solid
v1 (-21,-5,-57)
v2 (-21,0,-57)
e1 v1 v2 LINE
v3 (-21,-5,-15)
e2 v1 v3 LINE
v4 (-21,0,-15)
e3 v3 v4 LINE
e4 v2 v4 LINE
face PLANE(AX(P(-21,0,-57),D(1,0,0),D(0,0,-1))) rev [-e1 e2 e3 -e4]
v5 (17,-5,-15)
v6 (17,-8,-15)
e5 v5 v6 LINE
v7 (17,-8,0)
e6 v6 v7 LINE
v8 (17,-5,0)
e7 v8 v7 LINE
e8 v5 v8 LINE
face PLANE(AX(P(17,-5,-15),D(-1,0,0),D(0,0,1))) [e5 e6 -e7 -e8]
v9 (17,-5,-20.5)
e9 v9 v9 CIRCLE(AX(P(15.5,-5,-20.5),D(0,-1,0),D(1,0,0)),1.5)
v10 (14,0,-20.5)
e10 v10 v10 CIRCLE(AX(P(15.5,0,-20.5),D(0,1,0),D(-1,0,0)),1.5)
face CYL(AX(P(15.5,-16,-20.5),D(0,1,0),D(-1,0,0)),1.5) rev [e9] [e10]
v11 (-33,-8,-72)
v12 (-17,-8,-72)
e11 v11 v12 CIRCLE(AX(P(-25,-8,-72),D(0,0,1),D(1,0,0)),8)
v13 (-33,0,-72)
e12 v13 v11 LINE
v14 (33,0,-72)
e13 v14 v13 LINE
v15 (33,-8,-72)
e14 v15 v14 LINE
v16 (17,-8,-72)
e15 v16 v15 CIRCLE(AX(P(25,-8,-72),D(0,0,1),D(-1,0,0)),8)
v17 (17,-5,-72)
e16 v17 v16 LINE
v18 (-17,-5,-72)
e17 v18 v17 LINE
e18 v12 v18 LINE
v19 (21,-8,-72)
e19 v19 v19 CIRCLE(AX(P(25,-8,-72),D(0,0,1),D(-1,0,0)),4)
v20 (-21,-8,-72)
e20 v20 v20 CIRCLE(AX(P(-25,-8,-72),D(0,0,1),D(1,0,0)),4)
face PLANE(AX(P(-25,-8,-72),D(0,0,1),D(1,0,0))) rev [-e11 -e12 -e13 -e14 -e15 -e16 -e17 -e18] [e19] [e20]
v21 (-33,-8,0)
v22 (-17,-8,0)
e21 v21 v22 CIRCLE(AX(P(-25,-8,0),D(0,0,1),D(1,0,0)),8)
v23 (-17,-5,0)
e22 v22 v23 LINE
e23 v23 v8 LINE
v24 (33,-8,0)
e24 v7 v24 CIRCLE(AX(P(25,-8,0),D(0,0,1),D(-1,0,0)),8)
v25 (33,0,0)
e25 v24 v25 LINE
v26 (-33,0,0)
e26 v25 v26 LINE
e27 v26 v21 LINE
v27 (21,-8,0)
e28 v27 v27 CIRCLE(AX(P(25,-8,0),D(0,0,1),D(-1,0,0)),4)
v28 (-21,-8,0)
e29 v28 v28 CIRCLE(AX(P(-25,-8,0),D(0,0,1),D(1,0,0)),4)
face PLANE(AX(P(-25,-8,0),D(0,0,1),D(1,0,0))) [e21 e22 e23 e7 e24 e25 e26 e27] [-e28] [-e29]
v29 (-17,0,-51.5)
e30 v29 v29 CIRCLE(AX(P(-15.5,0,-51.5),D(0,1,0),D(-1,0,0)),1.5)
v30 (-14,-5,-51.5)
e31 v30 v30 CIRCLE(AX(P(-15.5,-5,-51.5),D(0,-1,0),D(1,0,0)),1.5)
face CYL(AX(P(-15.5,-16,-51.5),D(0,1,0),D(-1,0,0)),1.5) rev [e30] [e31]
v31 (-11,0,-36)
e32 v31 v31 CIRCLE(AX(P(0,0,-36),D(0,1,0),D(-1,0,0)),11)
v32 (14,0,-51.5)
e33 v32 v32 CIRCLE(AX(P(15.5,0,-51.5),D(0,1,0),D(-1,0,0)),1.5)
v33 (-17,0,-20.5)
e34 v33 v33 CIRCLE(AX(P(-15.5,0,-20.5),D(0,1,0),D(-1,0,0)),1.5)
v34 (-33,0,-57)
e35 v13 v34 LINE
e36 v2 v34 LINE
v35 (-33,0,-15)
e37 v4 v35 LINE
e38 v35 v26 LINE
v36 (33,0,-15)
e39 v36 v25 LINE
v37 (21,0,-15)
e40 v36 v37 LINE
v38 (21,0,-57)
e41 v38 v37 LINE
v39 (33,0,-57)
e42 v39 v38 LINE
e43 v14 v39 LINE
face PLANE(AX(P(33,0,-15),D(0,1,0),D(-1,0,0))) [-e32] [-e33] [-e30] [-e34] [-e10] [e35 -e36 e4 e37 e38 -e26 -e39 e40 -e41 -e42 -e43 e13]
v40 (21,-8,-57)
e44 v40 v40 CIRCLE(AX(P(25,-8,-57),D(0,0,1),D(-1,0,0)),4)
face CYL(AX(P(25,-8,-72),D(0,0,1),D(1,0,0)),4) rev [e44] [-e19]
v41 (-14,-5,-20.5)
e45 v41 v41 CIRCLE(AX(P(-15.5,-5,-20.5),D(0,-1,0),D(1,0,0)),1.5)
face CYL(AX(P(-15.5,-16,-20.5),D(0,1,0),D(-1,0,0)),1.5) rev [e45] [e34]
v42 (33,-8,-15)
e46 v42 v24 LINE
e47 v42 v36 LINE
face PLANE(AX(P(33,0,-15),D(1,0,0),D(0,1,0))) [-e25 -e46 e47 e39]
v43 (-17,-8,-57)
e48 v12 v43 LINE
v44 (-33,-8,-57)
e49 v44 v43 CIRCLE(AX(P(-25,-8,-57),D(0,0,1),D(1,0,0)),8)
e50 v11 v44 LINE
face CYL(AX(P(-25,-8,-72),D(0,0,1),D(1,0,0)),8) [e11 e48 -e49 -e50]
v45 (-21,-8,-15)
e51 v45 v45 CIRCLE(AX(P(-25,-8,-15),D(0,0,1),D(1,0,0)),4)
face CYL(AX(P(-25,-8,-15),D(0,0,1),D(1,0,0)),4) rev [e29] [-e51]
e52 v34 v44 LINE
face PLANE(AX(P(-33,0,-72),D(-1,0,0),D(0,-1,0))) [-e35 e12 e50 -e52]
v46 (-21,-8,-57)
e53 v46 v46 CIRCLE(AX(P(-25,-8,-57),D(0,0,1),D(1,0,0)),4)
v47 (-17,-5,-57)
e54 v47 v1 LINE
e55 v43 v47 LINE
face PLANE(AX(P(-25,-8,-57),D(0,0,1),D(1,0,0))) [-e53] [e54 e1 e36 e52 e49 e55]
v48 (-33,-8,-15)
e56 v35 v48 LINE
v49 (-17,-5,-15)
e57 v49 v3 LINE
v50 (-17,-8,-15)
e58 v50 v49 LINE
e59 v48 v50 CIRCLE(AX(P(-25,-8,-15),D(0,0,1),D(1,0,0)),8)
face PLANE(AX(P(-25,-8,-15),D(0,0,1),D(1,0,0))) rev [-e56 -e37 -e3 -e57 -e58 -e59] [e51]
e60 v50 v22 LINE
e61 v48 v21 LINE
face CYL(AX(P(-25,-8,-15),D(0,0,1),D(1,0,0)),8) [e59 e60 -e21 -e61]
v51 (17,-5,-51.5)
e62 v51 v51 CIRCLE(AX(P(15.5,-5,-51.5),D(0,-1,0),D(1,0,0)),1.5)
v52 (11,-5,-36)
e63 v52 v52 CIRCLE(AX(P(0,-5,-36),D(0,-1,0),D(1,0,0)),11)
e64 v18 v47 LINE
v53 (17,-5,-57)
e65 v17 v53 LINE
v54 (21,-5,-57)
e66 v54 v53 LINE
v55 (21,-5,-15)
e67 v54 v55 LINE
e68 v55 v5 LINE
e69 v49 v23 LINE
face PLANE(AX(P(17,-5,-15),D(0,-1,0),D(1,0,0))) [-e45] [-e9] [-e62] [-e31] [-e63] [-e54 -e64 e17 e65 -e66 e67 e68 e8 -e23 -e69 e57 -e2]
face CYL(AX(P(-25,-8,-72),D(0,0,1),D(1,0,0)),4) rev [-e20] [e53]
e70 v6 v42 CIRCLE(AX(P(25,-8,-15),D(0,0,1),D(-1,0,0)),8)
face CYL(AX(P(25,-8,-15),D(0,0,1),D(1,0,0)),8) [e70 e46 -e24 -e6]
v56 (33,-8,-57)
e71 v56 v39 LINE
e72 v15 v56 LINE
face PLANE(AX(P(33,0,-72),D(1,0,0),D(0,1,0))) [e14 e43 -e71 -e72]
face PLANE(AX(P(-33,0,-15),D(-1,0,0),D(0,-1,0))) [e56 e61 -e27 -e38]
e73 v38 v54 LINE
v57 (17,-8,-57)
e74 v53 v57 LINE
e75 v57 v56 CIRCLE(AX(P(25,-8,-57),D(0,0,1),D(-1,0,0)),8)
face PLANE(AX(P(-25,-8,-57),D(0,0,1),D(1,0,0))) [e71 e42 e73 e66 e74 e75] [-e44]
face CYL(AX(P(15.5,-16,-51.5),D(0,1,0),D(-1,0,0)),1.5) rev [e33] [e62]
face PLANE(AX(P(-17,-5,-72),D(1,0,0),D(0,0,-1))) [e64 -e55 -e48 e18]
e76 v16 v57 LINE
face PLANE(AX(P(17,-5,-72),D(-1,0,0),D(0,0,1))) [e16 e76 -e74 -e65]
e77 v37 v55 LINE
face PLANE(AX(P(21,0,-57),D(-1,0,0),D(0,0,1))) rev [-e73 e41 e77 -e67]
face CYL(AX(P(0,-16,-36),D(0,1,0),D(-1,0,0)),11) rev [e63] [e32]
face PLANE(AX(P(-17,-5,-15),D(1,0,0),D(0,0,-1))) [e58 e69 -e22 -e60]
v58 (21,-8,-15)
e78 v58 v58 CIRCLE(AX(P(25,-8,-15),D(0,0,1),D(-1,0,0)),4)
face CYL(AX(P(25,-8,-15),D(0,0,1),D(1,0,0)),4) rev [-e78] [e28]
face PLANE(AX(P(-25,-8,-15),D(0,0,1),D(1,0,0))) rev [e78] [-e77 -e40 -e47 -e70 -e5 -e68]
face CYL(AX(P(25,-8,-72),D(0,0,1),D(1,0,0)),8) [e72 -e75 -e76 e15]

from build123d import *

# Parameters (mm, degrees)
SKETCH1_R           = 4
BOSS_EXTRUDE1_DEPTH = 15
SKETCH2_W           = 42
SKETCH2_H           = 5
BOSS_EXTRUDE2_DEPTH = 42
BOSS_EXTRUDE3_START = -57
SKETCH1_2_R         = 4
BOSS_EXTRUDE3_DEPTH = 15
SKETCH3_R           = 1.5
SKETCH3_R_2         = 11
CUT_EXTRUDE1_DEPTH  = 81.802227692


with BuildPart() as part:
    # Sketch1 → Boss-Extrude1 (new body)
    with BuildSketch(Plane.XY):
        with BuildLine():
            Line((33, 0), (-33, 0))
            Line((-33, 0), (-33, -8))
            ThreePointArc((-33, -8), (-25, -16), (-17, -8))
            Line((-17, -8), (-17, -5))
            Line((-17, -5), (17, -5))
            Line((17, -5), (17, -8))
            ThreePointArc((17, -8), (25, -16), (33, -8))
            Line((33, -8), (33, 0))
        make_face()
        with Locations((-25, -8)):
            Circle(SKETCH1_R, mode=Mode.SUBTRACT)
        with Locations(Location((25, -8, 0), (0, 0, 180))):
            Circle(SKETCH1_R, mode=Mode.SUBTRACT)
    extrude(amount=-BOSS_EXTRUDE1_DEPTH)

    # Sketch2 → Boss-Extrude2 (add)
    with BuildSketch(Plane(origin=(0, 0, -15), x_dir=(-1, 0, 0), z_dir=(0, 0, -1))):
        with Locations((0, -2.5)):
            Rectangle(SKETCH2_W, SKETCH2_H)
    extrude(amount=BOSS_EXTRUDE2_DEPTH)

    # Sketch1<2> → Boss-Extrude3 (add)
    with BuildSketch(Plane.XY.offset(BOSS_EXTRUDE3_START)):
        with BuildLine():
            Line((33, 0), (-33, 0))
            Line((-33, 0), (-33, -8))
            ThreePointArc((-33, -8), (-25, -16), (-17, -8))
            Line((-17, -8), (-17, -5))
            Line((-17, -5), (17, -5))
            Line((17, -5), (17, -8))
            ThreePointArc((17, -8), (25, -16), (33, -8))
            Line((33, -8), (33, 0))
        make_face()
        with Locations((-25, -8)):
            Circle(SKETCH1_2_R, mode=Mode.SUBTRACT)
        with Locations(Location((25, -8, 0), (0, 0, 180))):
            Circle(SKETCH1_2_R, mode=Mode.SUBTRACT)
    extrude(amount=-BOSS_EXTRUDE3_DEPTH)

    # Sketch3 → Cut-Extrude1 (cut, through all)
    with BuildSketch(Plane(origin=(0, 0, 0), x_dir=(1, 0, 0), z_dir=(0, 1, 0))):
        with Locations(Location((-15.5, 51.5, 0), (0, 0, 180))):
            Circle(SKETCH3_R)
        with Locations(Location((0, 36, 0), (0, 0, 180))):
            Circle(SKETCH3_R_2)
        with Locations(Location((15.5, 51.5, 0), (0, 0, 180))):
            Circle(SKETCH3_R)
        with Locations(Location((15.5, 20.5, 0), (0, 0, 180))):
            Circle(SKETCH3_R)
        with Locations(Location((-15.5, 20.5, 0), (0, 0, 180))):
            Circle(SKETCH3_R)
    extrude(amount=-CUT_EXTRUDE1_DEPTH, mode=Mode.SUBTRACT)


solid = part.part
